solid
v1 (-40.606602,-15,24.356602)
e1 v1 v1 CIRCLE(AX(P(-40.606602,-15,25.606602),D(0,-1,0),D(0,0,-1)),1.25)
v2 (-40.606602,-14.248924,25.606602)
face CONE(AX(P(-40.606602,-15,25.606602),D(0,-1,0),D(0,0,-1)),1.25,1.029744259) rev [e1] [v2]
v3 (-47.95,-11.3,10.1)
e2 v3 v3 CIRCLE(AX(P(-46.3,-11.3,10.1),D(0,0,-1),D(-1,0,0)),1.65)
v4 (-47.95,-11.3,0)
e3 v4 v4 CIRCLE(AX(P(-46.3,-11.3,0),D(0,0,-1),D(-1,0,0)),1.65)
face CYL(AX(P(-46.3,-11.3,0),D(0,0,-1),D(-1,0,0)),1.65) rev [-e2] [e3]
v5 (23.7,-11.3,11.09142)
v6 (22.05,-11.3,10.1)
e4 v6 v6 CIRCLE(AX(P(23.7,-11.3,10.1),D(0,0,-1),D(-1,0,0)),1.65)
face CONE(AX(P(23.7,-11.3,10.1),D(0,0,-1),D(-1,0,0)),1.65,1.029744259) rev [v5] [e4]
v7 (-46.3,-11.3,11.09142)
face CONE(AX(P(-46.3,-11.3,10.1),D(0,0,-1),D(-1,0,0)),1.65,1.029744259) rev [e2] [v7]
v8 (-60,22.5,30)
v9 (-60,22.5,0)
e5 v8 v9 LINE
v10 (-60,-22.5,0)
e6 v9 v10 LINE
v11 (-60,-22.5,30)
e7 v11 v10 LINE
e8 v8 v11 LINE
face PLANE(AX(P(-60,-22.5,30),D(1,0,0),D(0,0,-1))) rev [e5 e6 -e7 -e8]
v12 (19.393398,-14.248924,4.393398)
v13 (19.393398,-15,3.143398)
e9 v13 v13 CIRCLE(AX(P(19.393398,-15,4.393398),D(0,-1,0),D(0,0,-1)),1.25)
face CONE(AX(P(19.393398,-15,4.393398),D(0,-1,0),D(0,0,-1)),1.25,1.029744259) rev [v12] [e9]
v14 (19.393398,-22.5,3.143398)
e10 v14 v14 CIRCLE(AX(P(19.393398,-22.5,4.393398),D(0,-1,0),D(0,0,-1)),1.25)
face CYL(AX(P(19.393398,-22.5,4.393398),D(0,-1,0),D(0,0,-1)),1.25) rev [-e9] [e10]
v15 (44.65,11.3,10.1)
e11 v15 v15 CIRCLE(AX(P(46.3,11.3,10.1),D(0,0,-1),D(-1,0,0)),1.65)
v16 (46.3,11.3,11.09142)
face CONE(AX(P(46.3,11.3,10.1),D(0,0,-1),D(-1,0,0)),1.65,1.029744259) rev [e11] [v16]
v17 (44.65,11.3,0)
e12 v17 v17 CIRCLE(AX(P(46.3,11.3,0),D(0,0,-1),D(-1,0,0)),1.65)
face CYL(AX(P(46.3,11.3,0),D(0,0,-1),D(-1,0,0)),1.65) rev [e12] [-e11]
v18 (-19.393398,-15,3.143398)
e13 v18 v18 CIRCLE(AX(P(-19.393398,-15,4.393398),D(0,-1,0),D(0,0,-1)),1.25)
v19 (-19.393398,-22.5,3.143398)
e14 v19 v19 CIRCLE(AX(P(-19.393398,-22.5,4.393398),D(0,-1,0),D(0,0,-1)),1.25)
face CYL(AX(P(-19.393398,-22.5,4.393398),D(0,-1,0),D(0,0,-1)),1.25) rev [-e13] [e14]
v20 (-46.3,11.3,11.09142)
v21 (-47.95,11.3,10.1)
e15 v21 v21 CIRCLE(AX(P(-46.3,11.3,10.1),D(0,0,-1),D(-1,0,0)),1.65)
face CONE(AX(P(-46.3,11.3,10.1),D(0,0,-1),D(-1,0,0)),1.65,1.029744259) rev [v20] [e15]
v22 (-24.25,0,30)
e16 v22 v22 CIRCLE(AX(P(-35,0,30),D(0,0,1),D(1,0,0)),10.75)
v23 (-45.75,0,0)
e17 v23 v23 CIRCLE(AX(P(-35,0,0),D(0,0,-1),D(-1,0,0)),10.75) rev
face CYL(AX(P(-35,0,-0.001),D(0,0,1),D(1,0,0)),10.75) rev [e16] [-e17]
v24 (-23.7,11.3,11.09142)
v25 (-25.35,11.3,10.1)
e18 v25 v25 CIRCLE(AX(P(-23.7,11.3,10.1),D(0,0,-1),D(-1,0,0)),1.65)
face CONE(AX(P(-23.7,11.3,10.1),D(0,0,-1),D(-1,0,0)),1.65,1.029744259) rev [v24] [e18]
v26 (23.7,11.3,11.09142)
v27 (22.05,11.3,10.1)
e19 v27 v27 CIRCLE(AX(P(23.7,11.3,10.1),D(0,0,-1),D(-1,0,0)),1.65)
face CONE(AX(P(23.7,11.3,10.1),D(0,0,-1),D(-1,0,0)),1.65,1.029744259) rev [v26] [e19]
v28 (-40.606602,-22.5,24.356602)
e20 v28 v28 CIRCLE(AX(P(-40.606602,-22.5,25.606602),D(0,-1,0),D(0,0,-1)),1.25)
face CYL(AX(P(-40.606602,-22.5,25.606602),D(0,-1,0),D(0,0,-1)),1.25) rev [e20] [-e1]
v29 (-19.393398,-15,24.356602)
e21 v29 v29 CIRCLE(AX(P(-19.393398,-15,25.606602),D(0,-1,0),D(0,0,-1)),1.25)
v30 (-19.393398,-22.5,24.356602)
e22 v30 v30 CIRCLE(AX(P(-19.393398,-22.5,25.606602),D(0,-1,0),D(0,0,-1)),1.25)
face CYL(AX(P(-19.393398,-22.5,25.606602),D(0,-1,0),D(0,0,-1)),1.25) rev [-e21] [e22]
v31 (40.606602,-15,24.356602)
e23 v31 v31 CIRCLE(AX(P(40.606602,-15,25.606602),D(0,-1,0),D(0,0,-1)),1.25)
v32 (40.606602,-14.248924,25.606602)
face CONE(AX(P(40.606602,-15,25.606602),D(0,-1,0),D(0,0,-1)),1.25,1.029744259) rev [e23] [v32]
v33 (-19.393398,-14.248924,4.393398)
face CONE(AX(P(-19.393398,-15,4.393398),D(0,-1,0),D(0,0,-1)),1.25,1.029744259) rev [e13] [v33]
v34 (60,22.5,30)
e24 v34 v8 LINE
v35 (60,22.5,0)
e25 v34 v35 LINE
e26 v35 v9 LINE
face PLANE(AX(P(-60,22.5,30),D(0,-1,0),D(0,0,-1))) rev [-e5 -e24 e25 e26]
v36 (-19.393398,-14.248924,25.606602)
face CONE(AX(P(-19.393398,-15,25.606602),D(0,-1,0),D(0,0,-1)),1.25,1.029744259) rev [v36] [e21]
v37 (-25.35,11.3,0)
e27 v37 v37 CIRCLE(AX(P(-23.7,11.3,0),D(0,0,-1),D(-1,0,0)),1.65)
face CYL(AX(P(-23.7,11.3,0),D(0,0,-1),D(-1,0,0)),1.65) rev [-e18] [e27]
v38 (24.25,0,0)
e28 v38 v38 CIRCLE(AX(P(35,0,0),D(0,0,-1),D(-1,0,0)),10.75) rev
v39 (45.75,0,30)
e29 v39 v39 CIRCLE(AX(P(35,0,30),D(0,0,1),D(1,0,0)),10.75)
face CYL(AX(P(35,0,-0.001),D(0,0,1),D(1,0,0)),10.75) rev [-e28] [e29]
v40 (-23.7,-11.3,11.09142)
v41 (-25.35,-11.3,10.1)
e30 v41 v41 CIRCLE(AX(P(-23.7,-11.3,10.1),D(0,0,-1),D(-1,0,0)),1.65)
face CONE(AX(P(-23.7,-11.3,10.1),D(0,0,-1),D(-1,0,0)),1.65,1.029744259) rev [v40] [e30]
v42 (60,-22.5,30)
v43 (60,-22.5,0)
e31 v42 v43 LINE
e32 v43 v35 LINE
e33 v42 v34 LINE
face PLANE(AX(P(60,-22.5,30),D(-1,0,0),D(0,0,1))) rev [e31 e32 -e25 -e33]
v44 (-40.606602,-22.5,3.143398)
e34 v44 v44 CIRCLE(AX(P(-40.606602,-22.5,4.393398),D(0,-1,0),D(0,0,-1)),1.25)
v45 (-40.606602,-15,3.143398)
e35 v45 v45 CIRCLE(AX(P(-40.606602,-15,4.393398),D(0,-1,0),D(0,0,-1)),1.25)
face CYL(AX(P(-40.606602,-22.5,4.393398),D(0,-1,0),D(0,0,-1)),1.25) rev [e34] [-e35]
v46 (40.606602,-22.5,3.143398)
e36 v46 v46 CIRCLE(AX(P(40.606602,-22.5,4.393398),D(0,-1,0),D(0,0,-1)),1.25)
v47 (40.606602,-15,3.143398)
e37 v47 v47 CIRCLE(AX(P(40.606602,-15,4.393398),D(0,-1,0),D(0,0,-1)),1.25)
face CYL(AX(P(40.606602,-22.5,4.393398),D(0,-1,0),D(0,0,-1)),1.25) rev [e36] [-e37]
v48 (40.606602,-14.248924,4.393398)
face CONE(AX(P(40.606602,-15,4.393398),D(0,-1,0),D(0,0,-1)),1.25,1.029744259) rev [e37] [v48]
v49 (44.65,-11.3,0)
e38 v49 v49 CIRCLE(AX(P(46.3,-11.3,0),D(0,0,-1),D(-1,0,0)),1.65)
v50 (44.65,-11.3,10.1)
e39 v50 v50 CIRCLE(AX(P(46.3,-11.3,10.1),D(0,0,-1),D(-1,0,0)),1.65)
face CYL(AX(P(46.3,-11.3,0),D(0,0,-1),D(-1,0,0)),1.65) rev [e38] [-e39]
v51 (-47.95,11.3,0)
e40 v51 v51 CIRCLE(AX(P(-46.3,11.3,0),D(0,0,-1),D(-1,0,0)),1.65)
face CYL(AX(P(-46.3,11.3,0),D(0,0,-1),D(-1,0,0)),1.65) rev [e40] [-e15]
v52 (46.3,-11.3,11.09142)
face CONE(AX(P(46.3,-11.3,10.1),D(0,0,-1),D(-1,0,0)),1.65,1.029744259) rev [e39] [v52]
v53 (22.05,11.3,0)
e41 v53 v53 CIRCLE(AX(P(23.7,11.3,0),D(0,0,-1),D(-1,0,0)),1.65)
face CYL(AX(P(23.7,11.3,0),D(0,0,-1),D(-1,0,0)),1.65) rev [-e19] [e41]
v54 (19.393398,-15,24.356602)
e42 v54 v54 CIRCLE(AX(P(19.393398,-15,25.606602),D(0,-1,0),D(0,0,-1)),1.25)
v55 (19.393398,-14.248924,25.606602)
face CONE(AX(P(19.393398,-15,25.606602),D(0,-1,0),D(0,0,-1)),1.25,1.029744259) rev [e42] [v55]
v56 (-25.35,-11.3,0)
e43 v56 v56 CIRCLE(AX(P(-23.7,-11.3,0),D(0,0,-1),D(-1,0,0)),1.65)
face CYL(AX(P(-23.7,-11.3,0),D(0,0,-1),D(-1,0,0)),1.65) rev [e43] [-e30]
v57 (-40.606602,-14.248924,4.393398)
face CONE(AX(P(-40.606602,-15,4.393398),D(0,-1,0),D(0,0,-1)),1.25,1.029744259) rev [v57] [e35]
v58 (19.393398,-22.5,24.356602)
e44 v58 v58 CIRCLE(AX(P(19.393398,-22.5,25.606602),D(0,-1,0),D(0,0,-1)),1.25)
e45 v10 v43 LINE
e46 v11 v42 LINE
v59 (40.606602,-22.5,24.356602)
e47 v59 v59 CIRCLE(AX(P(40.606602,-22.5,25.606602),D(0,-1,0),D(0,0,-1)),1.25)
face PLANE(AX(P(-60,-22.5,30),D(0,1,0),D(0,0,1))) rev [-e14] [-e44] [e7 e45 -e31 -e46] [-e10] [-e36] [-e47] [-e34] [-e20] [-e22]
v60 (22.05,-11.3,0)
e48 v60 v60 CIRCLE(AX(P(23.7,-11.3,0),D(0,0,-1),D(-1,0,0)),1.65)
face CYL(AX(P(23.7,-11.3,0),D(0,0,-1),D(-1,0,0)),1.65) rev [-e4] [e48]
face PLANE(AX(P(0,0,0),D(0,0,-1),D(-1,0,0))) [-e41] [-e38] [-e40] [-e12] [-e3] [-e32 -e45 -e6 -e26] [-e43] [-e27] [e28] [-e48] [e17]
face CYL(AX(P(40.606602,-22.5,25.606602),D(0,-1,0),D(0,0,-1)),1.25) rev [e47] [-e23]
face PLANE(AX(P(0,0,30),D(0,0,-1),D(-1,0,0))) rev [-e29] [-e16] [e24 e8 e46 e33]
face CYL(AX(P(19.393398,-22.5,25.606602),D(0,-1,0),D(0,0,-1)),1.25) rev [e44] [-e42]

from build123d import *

# Parameters (mm, degrees)
SKETCH_1_W             = 120
SKETCH_1_H             = 45
EXTRUDE_1_DEPTH        = 30
CUT_EXTRUDE_1_REACH    = 72.755
SKETCH_2_R             = 10.75
HOLE_WIZARD_M3_1_D     = 2.5
HOLE_WIZARD_M3_1_DEPTH = 7.5
HOLE_WIZARD_M3_1_TIP   = 0.751075774
HOLE_WIZARD_M4_1_D     = 3.3
HOLE_WIZARD_M4_1_DEPTH = 10.1
HOLE_WIZARD_M4_1_TIP   = 0.991420021


with BuildPart() as part:
    # 草图1 → 凸台-拉伸1 (new body)
    with BuildSketch(Plane.XY):
        Rectangle(SKETCH_1_W, SKETCH_1_H)
    extrude(amount=EXTRUDE_1_DEPTH)

    # 草图2 → 切除-拉伸1 (cut, up to next)
    with BuildSketch(Plane.XY.offset(30), mode=Mode.PRIVATE) as cut_extrude_1_sk1:
        with Locations((-35, 0)):
            Circle(SKETCH_2_R)
    cut_extrude_1_tool1 = extrude(cut_extrude_1_sk1.sketch, amount=-CUT_EXTRUDE_1_REACH, mode=Mode.PRIVATE) & part.part
    # 草图2 → 切除-拉伸1 (cut, up to next)
    with BuildSketch(Plane.XY.offset(30), mode=Mode.PRIVATE) as cut_extrude_1_sk2:
        with Locations((35, 0)):
            Circle(SKETCH_2_R)
    cut_extrude_1_tool2 = extrude(cut_extrude_1_sk2.sketch, amount=-CUT_EXTRUDE_1_REACH, mode=Mode.PRIVATE) & part.part
    add(cut_extrude_1_tool1.solids().sort_by_distance((-35, 0, 30))[0], mode=Mode.SUBTRACT)
    add(cut_extrude_1_tool2.solids().sort_by_distance((35, 0, 30))[0], mode=Mode.SUBTRACT)

    # M3 螺纹孔1
    with Locations(Plane(origin=(0, -22.5, 0), x_dir=(-1, 0, 0), z_dir=(0, -1, 0))):
        with Locations((-40.606601718, -4.393398282), (-19.393398282, -4.393398282), (-19.393398282, -25.606601718), (-40.606601718, -25.606601718), (19.393398282, -4.393398282), (40.606601718, -4.393398282), (19.393398282, -25.606601718), (40.606601718, -25.606601718)):
            Hole(HOLE_WIZARD_M3_1_D / 2, depth=HOLE_WIZARD_M3_1_DEPTH)
            with Locations((0, 0, -(HOLE_WIZARD_M3_1_DEPTH + HOLE_WIZARD_M3_1_TIP / 2))):  # 118° drill point
                Cone(0, HOLE_WIZARD_M3_1_D / 2, HOLE_WIZARD_M3_1_TIP, mode=Mode.SUBTRACT)

    # M4 螺纹孔1
    with Locations(Plane(origin=(-46.3, 11.3, 0), x_dir=(-1, 0, 0), z_dir=(0, 0, -1))):
        with Locations((0, 0), (0, -22.6), (-22.6, -22.6), (-22.6, 0), (-70, 0), (-70, -22.6), (-92.6, -22.6), (-92.6, 0)):
            Hole(HOLE_WIZARD_M4_1_D / 2, depth=HOLE_WIZARD_M4_1_DEPTH)
            with Locations((0, 0, -(HOLE_WIZARD_M4_1_DEPTH + HOLE_WIZARD_M4_1_TIP / 2))):  # 118° drill point
                Cone(0, HOLE_WIZARD_M4_1_D / 2, HOLE_WIZARD_M4_1_TIP, mode=Mode.SUBTRACT)


solid = part.part
